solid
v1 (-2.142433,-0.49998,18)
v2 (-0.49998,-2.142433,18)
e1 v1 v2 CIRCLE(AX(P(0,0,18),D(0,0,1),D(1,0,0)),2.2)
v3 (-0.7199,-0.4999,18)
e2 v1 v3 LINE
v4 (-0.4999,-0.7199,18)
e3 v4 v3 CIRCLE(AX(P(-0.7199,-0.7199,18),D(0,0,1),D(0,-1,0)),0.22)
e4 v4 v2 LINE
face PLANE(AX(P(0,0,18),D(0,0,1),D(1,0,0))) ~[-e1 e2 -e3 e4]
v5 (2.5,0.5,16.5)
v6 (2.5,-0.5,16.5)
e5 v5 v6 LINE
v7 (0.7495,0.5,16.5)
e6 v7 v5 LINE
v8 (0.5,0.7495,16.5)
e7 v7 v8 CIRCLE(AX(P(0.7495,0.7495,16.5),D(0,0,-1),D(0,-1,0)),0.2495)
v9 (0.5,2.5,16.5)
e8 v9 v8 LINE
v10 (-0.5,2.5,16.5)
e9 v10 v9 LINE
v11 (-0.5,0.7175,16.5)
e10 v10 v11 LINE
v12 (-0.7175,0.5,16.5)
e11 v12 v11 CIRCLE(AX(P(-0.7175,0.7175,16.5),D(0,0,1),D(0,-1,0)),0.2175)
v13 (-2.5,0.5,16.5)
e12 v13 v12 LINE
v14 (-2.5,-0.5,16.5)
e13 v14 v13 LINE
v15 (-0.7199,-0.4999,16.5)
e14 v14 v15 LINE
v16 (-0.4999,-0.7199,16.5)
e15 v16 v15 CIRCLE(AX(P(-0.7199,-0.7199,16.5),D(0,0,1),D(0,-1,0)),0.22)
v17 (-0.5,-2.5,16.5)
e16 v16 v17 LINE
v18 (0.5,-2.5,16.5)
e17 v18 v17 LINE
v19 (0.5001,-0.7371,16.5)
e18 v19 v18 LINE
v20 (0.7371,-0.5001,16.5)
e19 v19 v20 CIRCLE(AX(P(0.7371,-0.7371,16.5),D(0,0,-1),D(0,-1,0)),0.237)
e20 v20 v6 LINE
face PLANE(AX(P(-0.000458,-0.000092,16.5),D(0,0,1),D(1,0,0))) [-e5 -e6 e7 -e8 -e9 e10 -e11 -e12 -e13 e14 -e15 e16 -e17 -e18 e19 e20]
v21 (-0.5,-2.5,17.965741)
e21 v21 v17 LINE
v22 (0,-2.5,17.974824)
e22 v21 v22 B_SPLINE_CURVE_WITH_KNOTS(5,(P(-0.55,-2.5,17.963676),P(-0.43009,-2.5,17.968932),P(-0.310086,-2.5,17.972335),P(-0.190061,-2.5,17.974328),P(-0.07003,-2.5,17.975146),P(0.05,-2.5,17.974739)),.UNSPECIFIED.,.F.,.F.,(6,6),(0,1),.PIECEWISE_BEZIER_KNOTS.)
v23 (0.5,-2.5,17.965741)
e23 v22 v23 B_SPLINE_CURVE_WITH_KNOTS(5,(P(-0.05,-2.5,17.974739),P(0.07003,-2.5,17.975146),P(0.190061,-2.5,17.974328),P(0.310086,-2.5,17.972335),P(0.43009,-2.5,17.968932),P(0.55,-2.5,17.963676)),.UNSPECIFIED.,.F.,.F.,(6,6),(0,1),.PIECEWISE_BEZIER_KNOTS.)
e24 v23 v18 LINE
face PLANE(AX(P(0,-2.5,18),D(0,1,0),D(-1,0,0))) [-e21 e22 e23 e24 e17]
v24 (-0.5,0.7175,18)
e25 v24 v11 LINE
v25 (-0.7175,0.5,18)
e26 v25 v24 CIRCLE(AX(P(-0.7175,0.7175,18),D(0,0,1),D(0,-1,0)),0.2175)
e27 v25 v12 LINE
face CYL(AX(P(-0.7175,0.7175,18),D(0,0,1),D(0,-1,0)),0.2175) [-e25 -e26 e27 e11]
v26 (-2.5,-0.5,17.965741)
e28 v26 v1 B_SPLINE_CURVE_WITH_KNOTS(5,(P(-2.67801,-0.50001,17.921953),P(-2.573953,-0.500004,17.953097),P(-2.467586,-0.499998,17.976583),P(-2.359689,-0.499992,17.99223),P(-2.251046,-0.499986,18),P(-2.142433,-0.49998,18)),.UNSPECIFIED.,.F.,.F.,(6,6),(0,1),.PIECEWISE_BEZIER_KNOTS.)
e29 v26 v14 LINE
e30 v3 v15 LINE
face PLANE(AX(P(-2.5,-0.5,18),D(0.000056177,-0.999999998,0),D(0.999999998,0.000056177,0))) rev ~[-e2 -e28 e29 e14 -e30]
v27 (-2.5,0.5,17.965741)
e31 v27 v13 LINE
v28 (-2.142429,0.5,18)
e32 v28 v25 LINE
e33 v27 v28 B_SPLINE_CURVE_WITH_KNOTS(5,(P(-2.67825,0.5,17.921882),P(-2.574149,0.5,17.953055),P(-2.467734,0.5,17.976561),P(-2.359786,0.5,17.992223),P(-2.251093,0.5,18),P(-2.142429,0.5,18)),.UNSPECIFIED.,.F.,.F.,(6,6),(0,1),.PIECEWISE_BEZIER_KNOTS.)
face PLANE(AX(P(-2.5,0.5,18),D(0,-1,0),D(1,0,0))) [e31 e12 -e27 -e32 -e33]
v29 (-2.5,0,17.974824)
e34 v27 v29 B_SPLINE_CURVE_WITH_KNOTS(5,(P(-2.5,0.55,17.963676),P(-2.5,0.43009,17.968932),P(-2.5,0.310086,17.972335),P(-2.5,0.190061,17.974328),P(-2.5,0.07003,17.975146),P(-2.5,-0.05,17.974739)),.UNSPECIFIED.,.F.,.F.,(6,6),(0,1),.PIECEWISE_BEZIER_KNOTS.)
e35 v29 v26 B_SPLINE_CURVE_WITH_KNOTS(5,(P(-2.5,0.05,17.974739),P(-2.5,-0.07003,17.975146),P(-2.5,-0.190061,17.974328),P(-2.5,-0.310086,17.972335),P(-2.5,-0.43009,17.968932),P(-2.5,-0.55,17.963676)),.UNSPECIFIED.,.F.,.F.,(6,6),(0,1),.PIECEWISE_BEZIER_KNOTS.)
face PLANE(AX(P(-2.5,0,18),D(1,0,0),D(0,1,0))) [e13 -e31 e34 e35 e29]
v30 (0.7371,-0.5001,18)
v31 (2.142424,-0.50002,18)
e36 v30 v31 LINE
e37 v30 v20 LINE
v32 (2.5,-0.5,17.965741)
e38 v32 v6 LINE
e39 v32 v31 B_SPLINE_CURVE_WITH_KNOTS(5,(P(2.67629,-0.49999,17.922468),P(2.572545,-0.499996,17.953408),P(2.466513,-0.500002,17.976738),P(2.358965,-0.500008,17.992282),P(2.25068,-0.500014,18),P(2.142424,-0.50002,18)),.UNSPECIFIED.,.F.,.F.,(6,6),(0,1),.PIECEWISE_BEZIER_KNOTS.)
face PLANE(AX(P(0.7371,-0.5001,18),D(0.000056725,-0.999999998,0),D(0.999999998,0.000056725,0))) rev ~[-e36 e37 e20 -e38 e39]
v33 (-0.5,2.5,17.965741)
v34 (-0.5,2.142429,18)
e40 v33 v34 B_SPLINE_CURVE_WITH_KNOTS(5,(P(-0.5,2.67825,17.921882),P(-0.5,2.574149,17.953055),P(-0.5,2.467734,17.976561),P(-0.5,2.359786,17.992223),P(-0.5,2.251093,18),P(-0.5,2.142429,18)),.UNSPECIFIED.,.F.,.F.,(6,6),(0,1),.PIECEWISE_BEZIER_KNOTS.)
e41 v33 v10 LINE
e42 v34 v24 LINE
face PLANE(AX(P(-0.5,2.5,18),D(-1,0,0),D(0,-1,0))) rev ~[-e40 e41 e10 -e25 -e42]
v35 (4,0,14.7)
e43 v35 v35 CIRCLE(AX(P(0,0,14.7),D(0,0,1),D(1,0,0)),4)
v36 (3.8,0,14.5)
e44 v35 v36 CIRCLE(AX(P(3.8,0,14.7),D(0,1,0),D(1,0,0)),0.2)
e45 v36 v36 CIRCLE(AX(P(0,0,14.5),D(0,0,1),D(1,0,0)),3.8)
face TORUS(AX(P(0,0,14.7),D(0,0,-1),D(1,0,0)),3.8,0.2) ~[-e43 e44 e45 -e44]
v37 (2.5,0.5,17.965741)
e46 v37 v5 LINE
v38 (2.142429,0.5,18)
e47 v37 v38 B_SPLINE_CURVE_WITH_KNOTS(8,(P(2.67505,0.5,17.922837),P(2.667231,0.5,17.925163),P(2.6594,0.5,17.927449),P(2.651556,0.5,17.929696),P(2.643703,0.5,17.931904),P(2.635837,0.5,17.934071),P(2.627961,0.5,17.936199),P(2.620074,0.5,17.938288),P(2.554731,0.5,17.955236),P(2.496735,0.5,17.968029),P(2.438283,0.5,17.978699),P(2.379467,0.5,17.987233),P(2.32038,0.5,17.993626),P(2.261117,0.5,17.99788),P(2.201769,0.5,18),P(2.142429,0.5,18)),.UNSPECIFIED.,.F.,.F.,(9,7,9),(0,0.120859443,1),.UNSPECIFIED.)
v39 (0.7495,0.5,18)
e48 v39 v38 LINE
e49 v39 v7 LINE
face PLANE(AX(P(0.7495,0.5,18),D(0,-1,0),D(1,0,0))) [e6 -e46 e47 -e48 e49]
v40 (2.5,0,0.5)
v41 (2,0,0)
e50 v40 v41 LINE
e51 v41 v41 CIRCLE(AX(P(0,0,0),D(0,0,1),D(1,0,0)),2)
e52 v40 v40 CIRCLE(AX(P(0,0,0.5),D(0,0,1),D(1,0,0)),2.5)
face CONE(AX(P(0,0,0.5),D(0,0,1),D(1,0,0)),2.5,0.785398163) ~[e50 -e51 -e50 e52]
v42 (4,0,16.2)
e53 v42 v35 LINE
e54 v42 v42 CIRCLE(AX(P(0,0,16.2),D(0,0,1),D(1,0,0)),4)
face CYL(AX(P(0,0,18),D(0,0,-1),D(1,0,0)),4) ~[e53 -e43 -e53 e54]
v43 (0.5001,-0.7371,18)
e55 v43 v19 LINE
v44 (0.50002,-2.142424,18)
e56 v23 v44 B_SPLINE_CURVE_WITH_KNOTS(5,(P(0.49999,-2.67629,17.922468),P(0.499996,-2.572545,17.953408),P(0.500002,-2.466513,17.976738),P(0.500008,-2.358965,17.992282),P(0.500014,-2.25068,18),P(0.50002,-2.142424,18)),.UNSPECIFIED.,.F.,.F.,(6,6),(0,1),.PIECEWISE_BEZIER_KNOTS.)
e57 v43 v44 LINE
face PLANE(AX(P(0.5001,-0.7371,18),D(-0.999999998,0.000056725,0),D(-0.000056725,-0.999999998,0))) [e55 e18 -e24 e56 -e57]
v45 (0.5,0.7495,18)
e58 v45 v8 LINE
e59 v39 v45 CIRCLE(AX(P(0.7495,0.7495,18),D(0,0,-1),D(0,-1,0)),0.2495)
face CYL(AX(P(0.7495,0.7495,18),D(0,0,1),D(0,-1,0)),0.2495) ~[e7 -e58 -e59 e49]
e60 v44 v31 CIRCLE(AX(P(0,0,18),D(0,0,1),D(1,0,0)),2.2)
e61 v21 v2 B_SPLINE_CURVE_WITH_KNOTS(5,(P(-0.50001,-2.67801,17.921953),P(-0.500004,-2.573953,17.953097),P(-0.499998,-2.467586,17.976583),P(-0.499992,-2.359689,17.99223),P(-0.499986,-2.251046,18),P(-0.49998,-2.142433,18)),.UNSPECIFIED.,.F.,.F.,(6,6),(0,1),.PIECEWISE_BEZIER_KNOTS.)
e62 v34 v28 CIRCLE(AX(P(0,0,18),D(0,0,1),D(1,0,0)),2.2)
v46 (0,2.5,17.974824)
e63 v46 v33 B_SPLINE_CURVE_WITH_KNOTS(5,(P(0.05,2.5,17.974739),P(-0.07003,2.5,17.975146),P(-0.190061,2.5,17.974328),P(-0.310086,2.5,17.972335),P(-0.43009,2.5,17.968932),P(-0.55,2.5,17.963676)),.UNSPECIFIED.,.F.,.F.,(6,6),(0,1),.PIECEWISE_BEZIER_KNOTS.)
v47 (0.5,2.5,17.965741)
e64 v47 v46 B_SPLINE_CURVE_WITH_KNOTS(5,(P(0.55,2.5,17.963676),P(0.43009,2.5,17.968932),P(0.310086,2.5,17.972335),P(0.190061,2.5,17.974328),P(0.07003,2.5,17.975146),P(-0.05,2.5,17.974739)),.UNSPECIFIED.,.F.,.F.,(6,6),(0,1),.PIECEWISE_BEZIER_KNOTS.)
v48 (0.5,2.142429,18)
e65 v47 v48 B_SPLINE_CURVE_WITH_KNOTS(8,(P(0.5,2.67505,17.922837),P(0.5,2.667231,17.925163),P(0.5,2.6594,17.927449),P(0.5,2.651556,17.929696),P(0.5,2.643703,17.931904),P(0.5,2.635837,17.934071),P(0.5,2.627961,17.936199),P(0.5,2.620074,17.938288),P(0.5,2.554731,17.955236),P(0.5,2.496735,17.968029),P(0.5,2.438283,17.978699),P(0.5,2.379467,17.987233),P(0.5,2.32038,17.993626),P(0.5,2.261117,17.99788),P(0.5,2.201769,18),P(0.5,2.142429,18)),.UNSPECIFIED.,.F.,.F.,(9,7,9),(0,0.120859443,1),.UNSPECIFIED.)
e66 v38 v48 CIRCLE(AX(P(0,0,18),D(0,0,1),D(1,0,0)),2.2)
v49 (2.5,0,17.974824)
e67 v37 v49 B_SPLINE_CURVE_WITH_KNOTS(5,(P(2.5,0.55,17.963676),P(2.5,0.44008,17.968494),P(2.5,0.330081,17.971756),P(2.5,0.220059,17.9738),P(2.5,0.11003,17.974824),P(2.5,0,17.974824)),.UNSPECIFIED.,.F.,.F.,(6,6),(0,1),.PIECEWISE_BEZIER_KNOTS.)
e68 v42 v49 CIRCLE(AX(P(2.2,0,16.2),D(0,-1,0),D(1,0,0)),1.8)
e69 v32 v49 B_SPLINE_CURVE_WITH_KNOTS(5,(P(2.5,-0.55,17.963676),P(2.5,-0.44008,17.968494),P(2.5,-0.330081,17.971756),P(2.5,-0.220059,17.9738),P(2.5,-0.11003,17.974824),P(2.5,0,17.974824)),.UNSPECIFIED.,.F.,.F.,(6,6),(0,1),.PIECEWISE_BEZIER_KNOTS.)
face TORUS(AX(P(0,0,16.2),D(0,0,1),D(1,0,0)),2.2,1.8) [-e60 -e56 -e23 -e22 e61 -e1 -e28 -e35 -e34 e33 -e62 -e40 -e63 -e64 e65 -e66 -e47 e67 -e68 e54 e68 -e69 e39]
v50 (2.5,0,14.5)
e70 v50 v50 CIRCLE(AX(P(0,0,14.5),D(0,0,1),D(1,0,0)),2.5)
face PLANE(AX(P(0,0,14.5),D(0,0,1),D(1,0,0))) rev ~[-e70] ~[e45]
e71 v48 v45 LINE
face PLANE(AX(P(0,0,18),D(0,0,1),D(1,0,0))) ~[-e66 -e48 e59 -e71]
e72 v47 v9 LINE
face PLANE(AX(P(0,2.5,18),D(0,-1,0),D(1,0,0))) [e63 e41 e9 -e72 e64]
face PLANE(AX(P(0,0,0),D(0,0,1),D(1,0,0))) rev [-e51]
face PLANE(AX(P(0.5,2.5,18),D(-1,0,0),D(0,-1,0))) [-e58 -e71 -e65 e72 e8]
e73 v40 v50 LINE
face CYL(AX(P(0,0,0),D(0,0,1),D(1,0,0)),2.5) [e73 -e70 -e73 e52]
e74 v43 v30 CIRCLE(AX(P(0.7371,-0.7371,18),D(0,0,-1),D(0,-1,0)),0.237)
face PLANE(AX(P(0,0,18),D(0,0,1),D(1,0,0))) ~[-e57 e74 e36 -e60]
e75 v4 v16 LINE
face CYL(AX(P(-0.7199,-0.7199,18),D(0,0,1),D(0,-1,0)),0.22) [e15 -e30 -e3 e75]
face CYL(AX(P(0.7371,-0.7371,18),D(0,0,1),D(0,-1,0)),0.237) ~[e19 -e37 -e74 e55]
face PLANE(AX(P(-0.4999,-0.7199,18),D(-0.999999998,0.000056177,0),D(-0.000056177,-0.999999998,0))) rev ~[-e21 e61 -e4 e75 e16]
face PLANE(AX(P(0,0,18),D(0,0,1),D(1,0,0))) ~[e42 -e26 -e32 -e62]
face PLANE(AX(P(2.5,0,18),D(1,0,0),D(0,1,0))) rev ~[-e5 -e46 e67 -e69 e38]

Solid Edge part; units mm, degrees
sketch "Sketch1" plane through (0, 0, 0) normal (0, -1, 0) x (1, 0, 0)
  line L0 (0, 0) -> (0, 18)
  line L1 (0, 18) -> (4, 18)
  line L2 (4, 18) -> (4, 14.5)
  line L3 (4, 14.5) -> (2.5, 14.5)
  line L4 (2.5, 0) -> (2.5, 14.5)
  line L5 (0, 0) -> (2.5, 0)
revolve "RevolvedProtrusion1" add sketch "Sketch1" angle 360 about axis through (0, 0, 0) along (0, 0, 1)
chamfer "Chamfer1" distance 0.5 angle 45 1 edges at (-2.5, 0, 0)
cosmetic_thread "Thread1" size "M5"
fillet "Lekerekítés_1" radius 1.8 1 edges at (-4, 0, 18)
fillet "Lekerekítés_3" radius 0.2 1 edges at (-4, 0, 14.5)
sketch "Sketch2" plane through (0, 0, 18) normal (0, 0, 1) x (0, -1, 0)
  line L0 (0, -2.5) -> (0.5, -2.5)
  line L1 (0.5, -2.5) -> (0.5, -0.7199)
  arc A0 (0.7199, -0.5) -> (0.5, -0.7199) centre (0.7199, -0.7199) ccw
  line L2 (0.7199, -0.5) -> (2.5, -0.5)
  line L3 (2.5, 0) -> (2.5, -0.5)
  line L4 (2.5, 0) -> (2.5, 0.5)
  line L5 (0.7371, 0.5) -> (2.5, 0.5)
  arc A1 (0.7371, 0.5) -> (0.5, 0.7371) centre (0.7371, 0.7371) cw
  line L6 (0.5, 0.7371) -> (0.5, 2.5)
  line L7 (0, 2.5) -> (0.5, 2.5)
  line L8 (0, 2.5) -> (-0.5, 2.5)
  line L9 (-0.5, 0.7495) -> (-0.5, 2.5)
  arc A2 (-0.5, 0.7495) -> (-0.7495, 0.5) centre (-0.7495, 0.7495) cw
  line L10 (-2.5, 0.5) -> (-0.7495, 0.5)
  line L11 (-2.5, 0) -> (-2.5, 0.5)
  line L12 (-2.5, 0) -> (-2.5, -0.5)
  line L13 (-2.5, -0.5) -> (-0.7175, -0.5)
  arc A3 (-0.5, -0.7175) -> (-0.7175, -0.5) centre (-0.7175, -0.7175) ccw
  line L14 (-0.5, -2.5) -> (-0.5, -0.7175)
  line L15 (0, -2.5) -> (-0.5, -2.5)
extrude "Kivágás_1" cut sketch "Sketch2" against normal blind 1.5
